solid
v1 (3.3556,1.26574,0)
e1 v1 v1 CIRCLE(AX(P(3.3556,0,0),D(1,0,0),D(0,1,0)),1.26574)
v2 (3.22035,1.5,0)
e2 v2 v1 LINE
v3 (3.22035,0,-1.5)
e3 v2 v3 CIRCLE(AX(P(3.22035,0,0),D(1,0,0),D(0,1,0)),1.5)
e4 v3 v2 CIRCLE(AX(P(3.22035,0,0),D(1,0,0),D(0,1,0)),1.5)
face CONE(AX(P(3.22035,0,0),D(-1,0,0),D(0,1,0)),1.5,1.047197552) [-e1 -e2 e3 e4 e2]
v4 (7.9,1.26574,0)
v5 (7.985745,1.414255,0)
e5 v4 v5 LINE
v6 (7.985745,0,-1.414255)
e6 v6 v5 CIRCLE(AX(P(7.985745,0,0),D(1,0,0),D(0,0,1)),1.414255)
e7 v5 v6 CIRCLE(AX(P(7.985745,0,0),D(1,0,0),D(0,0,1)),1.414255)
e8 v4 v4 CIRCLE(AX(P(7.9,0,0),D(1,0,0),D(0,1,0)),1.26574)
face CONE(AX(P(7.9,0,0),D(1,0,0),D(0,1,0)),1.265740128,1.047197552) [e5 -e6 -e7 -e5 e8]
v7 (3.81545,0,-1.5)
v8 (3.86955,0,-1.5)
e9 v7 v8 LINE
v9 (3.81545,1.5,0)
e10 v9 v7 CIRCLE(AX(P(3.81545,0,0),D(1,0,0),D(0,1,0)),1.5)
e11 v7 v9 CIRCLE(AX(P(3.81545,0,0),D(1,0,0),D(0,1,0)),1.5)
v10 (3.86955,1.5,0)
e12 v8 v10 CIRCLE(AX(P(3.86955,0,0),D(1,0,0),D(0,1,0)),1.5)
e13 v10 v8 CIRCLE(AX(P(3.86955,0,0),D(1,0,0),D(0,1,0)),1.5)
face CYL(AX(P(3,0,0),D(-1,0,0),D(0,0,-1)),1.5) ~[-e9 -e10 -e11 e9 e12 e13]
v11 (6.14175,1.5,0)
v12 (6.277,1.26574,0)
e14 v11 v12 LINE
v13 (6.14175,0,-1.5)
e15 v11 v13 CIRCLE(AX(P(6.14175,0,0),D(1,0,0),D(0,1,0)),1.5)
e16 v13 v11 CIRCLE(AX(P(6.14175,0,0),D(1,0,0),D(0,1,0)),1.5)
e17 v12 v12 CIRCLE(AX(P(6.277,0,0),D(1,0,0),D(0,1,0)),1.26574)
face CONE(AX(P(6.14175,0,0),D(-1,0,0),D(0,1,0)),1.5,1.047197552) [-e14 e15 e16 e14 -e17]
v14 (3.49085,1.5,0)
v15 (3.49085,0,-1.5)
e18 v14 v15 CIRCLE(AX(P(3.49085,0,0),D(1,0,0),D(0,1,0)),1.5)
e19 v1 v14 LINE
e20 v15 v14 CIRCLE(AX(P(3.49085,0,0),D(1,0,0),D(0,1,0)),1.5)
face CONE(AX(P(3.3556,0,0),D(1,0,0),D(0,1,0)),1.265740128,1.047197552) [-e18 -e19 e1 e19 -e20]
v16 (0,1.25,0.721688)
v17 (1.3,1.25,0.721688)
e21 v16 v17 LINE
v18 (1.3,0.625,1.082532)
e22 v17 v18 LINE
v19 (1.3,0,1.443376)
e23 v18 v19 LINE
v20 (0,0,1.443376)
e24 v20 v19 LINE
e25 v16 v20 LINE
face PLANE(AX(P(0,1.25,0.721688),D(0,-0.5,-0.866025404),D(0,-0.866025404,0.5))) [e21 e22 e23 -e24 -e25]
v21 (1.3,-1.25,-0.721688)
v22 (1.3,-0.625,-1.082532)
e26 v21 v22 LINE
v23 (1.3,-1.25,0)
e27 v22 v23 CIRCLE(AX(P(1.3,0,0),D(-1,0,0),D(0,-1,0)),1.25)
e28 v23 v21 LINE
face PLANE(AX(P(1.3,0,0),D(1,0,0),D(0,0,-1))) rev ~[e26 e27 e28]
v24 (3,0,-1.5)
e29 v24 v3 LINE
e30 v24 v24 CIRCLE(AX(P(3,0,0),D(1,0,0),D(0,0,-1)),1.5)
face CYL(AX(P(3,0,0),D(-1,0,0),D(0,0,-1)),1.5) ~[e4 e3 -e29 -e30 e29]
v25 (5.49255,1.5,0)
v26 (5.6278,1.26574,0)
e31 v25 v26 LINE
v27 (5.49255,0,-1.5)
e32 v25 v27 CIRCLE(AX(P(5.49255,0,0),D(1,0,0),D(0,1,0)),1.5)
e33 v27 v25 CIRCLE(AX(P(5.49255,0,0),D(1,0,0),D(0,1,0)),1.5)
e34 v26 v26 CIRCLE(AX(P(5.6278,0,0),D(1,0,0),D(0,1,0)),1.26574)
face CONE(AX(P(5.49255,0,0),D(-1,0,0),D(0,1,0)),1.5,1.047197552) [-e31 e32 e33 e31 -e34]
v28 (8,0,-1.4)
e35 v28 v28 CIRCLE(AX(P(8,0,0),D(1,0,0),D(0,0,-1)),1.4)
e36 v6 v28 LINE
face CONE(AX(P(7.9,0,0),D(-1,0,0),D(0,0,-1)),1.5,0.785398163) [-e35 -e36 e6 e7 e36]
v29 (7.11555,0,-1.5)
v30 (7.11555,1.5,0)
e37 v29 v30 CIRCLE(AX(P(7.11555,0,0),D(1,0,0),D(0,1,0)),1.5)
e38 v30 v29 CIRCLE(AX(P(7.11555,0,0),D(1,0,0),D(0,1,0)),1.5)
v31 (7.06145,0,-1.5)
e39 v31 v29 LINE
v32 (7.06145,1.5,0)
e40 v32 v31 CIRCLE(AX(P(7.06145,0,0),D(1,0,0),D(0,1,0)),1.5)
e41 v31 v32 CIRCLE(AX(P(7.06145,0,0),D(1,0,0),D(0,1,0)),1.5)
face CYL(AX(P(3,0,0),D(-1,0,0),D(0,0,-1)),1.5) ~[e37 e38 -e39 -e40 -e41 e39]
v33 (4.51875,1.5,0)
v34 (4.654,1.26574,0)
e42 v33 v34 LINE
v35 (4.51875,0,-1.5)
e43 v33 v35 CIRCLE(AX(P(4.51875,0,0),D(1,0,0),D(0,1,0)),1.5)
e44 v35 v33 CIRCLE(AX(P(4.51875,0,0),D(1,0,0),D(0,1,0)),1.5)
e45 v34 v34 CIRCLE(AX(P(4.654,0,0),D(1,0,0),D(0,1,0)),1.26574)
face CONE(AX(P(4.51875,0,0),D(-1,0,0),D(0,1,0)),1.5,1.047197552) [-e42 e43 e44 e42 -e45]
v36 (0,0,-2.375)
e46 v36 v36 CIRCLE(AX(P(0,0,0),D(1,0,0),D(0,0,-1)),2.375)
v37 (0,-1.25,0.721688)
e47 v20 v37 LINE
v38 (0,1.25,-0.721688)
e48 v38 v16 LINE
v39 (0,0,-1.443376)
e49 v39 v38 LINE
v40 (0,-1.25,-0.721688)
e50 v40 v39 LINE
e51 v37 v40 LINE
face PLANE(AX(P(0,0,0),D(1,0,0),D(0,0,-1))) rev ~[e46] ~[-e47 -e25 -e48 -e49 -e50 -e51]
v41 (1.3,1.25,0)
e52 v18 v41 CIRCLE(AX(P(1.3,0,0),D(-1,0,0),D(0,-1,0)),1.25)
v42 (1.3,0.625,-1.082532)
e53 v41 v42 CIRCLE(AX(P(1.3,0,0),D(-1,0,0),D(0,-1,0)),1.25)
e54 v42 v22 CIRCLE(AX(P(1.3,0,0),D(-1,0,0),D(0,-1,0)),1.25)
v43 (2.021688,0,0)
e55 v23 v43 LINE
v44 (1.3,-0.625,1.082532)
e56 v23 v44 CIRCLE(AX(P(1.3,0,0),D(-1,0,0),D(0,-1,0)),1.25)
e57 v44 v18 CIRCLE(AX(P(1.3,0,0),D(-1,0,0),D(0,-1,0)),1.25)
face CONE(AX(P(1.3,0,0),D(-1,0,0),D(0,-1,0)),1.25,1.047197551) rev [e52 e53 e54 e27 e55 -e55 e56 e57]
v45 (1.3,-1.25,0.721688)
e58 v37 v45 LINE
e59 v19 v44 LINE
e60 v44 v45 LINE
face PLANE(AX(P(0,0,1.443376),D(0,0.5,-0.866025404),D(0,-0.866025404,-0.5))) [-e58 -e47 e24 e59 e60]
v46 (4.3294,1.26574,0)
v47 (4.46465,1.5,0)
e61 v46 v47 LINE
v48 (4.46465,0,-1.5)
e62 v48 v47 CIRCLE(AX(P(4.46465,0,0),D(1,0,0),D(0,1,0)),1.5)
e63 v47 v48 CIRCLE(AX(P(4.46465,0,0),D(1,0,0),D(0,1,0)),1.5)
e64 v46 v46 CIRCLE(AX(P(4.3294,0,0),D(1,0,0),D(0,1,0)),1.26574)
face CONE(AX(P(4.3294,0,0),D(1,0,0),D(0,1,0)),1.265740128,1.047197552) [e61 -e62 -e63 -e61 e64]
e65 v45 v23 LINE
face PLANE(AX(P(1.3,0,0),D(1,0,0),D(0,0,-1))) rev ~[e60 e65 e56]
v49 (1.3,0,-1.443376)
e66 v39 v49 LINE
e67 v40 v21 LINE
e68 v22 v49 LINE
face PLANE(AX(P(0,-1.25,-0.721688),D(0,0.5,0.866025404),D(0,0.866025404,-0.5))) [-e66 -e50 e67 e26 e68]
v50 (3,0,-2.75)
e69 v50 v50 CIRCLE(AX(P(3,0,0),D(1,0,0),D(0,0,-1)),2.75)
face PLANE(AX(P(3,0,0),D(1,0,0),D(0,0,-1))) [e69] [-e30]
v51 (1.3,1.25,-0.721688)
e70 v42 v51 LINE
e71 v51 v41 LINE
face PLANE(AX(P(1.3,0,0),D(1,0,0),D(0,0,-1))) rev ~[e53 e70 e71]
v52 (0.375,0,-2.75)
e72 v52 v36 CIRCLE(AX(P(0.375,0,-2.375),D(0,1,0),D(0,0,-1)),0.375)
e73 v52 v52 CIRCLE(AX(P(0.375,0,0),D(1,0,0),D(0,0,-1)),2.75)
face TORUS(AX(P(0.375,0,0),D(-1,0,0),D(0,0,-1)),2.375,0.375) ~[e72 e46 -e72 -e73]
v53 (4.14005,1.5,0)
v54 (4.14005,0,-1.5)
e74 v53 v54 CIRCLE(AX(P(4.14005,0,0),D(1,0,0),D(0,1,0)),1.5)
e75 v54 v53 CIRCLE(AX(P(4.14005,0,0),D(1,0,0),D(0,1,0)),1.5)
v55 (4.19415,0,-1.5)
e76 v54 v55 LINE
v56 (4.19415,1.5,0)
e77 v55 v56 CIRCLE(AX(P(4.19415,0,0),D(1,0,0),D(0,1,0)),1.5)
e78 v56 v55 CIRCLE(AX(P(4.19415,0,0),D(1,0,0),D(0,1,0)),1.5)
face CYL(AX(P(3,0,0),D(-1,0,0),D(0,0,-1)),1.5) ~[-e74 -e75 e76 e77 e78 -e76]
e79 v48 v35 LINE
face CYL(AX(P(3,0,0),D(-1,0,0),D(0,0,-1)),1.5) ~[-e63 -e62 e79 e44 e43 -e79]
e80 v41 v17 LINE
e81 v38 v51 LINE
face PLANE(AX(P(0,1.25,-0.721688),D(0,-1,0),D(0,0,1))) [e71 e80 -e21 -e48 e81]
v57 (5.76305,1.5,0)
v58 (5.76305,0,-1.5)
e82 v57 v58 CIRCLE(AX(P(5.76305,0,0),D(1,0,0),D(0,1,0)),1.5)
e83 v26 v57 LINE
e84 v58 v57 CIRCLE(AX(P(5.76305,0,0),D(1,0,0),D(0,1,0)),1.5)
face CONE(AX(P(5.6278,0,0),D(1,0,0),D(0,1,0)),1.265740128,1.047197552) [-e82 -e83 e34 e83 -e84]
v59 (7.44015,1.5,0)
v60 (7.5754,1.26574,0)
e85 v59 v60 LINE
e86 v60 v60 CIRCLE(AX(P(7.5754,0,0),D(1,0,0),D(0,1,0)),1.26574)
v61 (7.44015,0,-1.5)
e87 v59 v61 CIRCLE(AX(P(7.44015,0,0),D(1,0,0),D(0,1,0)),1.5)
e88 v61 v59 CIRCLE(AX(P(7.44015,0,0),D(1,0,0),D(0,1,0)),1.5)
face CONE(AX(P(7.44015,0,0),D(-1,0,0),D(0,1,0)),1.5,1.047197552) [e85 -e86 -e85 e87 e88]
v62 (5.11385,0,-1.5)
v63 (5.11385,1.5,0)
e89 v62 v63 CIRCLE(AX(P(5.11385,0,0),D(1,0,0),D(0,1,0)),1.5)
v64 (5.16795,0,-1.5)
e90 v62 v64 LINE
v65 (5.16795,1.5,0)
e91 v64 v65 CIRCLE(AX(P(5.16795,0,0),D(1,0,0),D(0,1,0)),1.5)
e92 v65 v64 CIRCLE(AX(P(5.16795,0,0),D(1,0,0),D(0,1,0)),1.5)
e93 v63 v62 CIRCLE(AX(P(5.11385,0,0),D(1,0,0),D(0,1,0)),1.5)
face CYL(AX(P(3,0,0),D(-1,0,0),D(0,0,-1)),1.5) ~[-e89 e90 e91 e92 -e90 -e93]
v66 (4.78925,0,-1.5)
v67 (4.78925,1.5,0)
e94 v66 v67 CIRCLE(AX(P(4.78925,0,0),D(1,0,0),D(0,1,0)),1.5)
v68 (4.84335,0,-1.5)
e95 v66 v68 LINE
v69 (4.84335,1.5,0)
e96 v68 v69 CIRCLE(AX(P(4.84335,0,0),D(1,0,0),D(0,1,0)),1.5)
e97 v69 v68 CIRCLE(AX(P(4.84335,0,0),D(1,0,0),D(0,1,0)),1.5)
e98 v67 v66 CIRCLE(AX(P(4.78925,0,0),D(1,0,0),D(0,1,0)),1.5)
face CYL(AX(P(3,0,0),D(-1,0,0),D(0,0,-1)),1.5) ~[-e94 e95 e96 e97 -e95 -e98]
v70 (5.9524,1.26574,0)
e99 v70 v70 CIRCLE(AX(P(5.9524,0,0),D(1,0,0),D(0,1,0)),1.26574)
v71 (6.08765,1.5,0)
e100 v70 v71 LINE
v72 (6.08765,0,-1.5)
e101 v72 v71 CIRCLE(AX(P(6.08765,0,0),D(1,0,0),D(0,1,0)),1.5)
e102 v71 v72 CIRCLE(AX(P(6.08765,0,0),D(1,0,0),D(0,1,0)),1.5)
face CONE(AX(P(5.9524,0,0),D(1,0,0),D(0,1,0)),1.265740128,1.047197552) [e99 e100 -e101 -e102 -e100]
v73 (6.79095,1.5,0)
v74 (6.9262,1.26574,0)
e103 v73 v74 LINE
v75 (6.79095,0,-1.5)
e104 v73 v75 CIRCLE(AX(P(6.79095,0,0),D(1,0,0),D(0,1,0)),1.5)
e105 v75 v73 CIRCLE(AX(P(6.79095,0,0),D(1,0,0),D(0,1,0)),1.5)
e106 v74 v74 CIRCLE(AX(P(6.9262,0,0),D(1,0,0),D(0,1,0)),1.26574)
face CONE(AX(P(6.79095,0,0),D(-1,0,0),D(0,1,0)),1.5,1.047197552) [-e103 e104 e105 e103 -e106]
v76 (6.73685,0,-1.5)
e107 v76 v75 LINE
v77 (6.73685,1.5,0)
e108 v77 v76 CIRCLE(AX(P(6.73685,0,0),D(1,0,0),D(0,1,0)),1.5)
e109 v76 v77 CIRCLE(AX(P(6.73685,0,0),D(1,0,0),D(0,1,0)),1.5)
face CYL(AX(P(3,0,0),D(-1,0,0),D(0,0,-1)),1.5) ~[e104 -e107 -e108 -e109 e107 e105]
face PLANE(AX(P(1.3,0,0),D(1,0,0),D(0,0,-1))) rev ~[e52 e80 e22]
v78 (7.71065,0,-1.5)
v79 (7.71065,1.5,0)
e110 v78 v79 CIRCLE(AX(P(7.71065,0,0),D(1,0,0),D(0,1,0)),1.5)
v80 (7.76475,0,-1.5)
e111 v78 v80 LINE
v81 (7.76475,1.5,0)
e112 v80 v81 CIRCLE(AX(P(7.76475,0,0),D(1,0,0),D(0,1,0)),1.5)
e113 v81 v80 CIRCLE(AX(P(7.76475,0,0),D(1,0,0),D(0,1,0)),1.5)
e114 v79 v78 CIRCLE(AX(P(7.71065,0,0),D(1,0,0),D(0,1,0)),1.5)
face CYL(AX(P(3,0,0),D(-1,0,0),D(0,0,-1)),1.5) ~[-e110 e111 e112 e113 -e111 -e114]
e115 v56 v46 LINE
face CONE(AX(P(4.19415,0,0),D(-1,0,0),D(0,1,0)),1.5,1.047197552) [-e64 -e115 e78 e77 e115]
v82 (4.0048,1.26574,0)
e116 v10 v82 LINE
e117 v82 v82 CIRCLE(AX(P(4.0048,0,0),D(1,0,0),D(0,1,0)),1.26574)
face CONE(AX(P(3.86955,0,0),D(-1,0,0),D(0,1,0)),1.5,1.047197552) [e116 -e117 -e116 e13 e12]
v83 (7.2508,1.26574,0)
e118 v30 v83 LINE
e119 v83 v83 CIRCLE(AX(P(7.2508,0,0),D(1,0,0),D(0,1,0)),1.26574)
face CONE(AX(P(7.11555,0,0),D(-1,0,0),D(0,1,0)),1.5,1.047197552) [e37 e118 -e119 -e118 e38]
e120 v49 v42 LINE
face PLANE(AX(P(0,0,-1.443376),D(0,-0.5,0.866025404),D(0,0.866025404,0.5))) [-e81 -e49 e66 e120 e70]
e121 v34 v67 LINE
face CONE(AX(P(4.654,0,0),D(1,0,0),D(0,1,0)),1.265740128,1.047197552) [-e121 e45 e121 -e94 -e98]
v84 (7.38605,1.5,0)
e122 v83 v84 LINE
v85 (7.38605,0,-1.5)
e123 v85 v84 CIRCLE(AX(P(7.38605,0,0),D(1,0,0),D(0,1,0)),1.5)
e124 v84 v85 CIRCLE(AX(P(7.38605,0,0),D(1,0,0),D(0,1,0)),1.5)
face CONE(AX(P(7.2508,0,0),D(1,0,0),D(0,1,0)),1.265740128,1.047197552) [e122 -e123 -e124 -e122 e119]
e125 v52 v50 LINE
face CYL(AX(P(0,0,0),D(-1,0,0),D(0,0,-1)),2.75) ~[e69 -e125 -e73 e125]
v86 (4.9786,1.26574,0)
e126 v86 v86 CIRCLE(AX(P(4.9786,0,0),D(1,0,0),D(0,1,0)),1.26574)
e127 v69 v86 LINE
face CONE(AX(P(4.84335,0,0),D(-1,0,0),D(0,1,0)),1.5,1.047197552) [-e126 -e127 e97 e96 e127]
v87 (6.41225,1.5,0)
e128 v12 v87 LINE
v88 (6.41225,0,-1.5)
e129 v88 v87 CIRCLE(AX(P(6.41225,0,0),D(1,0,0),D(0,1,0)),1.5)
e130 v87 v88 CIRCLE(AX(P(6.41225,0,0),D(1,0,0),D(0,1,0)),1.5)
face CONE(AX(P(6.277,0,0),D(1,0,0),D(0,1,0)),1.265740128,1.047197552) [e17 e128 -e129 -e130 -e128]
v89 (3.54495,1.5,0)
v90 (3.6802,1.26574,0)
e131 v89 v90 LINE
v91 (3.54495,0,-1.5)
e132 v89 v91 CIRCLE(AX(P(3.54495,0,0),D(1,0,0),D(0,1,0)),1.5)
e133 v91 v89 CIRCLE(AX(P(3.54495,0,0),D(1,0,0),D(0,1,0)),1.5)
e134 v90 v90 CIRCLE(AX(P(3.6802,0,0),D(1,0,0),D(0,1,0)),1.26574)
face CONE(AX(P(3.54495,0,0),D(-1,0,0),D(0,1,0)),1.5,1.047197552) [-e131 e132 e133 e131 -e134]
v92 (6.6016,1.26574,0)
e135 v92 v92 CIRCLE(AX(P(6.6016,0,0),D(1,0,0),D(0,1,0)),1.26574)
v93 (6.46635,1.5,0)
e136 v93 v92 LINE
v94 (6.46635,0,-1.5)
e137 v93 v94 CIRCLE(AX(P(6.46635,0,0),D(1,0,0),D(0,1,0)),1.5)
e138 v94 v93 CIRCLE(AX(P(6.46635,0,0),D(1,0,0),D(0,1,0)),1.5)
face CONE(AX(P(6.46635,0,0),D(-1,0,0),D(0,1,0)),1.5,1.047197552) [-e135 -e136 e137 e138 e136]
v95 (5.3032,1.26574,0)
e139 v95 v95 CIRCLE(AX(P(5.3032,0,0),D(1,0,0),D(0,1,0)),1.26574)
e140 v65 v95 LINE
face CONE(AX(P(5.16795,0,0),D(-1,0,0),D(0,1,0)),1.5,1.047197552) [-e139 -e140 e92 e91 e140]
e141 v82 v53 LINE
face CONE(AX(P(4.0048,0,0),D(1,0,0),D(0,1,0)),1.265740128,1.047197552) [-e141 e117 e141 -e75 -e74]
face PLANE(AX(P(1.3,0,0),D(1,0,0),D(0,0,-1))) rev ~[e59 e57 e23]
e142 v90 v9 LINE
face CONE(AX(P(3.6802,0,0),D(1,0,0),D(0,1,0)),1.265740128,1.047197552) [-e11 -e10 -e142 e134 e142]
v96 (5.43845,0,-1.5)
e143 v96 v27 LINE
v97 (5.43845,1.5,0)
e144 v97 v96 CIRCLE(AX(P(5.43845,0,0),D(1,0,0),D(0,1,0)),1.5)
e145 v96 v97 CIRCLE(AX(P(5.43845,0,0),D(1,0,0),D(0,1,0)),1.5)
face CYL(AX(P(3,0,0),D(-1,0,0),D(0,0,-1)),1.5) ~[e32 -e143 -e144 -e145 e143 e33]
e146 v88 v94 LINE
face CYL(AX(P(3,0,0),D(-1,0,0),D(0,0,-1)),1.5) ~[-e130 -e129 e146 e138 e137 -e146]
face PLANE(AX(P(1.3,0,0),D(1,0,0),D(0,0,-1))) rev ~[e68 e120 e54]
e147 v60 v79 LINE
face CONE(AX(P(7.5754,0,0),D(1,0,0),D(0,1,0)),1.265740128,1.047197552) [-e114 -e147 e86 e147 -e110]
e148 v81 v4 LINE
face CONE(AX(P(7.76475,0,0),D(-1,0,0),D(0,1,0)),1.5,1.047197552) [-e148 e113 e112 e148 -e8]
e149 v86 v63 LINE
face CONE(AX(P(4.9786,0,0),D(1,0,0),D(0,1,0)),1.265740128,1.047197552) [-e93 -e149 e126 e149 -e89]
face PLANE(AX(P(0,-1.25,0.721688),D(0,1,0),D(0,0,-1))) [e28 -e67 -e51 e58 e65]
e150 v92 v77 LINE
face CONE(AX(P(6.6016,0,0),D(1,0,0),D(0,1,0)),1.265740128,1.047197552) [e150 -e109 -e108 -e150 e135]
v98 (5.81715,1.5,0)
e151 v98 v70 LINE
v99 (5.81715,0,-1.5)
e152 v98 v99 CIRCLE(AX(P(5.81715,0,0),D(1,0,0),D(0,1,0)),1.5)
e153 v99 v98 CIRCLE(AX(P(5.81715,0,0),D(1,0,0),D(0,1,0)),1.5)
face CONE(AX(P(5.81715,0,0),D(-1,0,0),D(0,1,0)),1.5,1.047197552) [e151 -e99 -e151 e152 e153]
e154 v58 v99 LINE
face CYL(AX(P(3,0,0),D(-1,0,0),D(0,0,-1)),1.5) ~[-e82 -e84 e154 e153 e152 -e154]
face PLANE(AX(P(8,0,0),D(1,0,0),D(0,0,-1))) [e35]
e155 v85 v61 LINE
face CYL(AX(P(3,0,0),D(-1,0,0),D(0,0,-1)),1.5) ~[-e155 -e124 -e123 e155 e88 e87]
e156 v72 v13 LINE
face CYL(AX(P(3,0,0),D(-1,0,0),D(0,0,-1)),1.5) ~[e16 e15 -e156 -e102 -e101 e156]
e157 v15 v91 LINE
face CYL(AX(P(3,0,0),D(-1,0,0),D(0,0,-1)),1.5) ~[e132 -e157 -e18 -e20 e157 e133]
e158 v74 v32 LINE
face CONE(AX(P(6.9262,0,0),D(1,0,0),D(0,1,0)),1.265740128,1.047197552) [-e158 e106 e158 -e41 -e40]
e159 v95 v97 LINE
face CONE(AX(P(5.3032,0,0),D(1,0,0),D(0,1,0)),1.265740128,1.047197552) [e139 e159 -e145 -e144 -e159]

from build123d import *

# Parameters (mm, degrees)
SKETCH1_R           = 2.75
BASEHEAD_DEPTH      = 3
SKETCH2_R           = 1.5
BASEBODY_DEPTH      = 5
HEXAGONSOCKET_DEPTH = 1.3
TOPFILLET_R         = 0.375
CHAMFER1_SIZE       = 0.1
LPATTERN10_COUNT    = 15
LPATTERN10_PITCH    = 0.3246


with BuildPart() as part:
    # Sketch1 → BaseHead (new body)
    with BuildSketch(Plane(origin=(0, 0, 0), x_dir=(0, 0, -1), z_dir=(1, 0, 0))):
        Circle(SKETCH1_R)
    extrude(amount=BASEHEAD_DEPTH)

    # Sketch2 → BaseBody (add)
    with BuildSketch(Plane(origin=(3, 0, 0), x_dir=(0, 0, -1), z_dir=(1, 0, 0))):
        Circle(SKETCH2_R)
    extrude(amount=BASEBODY_DEPTH)

    # Sketch3 → HexagonSocket (cut)
    with BuildSketch(Plane(origin=(0, 0, 0), x_dir=(0, 0, -1), z_dir=(1, 0, 0))):
        Polygon((1.443375673, 0), (0.721687836, 1.25), (-0.721687836, 1.25), (-1.443375673, 0), (-0.721687836, -1.25), (0.721687836, -1.25), align=None)
    extrude(amount=HEXAGONSOCKET_DEPTH, mode=Mode.SUBTRACT)

    # Sketch4 → Cut-Revolve1 (revolve, cut)
    with BuildSketch(Plane(origin=(-4.19613823, 0.75, 0), x_dir=(-1, 0, 0), z_dir=(0, 0, 1))):
        Polygon((-5.49613823, 2), (-6.217826066, 0.75), (-5.49613823, 0.75), align=None)
    revolve(axis=Axis((0.838992387, 0, 0), (-1, 0, 0)), mode=Mode.SUBTRACT)

    # TopFillet
    topfillet_edges = [part.edges().sort_by_distance(p)[0] for p in [
        (0, 0, 2.75),
    ]]
    fillet(topfillet_edges, radius=TOPFILLET_R)

    # Chamfer1
    chamfer1_edges = [part.edges().sort_by_distance(p)[0] for p in [
        (8, 0, 1.5),
    ]]
    chamfer(chamfer1_edges, length=CHAMFER1_SIZE)

    # Sketch5 → Cut-Revolve10 (revolve, cut)
    with BuildSketch(Plane.XY):
        Polygon((7.9, 1.265740128), (8.03525, 1.5), (8.03525, 1.7705), (7.76475, 1.7705), (7.76475, 1.5), align=None)
    cut_revolve10 = revolve(axis=Axis((0, 0, 0), (1, 0, 0)), mode=Mode.SUBTRACT)

    # LPattern10: Cut-Revolve10 ×15
    with Locations(*[(-i * LPATTERN10_PITCH, 0, 0) for i in range(1, LPATTERN10_COUNT)]):
        add(cut_revolve10, mode=Mode.SUBTRACT)


solid = part.part
